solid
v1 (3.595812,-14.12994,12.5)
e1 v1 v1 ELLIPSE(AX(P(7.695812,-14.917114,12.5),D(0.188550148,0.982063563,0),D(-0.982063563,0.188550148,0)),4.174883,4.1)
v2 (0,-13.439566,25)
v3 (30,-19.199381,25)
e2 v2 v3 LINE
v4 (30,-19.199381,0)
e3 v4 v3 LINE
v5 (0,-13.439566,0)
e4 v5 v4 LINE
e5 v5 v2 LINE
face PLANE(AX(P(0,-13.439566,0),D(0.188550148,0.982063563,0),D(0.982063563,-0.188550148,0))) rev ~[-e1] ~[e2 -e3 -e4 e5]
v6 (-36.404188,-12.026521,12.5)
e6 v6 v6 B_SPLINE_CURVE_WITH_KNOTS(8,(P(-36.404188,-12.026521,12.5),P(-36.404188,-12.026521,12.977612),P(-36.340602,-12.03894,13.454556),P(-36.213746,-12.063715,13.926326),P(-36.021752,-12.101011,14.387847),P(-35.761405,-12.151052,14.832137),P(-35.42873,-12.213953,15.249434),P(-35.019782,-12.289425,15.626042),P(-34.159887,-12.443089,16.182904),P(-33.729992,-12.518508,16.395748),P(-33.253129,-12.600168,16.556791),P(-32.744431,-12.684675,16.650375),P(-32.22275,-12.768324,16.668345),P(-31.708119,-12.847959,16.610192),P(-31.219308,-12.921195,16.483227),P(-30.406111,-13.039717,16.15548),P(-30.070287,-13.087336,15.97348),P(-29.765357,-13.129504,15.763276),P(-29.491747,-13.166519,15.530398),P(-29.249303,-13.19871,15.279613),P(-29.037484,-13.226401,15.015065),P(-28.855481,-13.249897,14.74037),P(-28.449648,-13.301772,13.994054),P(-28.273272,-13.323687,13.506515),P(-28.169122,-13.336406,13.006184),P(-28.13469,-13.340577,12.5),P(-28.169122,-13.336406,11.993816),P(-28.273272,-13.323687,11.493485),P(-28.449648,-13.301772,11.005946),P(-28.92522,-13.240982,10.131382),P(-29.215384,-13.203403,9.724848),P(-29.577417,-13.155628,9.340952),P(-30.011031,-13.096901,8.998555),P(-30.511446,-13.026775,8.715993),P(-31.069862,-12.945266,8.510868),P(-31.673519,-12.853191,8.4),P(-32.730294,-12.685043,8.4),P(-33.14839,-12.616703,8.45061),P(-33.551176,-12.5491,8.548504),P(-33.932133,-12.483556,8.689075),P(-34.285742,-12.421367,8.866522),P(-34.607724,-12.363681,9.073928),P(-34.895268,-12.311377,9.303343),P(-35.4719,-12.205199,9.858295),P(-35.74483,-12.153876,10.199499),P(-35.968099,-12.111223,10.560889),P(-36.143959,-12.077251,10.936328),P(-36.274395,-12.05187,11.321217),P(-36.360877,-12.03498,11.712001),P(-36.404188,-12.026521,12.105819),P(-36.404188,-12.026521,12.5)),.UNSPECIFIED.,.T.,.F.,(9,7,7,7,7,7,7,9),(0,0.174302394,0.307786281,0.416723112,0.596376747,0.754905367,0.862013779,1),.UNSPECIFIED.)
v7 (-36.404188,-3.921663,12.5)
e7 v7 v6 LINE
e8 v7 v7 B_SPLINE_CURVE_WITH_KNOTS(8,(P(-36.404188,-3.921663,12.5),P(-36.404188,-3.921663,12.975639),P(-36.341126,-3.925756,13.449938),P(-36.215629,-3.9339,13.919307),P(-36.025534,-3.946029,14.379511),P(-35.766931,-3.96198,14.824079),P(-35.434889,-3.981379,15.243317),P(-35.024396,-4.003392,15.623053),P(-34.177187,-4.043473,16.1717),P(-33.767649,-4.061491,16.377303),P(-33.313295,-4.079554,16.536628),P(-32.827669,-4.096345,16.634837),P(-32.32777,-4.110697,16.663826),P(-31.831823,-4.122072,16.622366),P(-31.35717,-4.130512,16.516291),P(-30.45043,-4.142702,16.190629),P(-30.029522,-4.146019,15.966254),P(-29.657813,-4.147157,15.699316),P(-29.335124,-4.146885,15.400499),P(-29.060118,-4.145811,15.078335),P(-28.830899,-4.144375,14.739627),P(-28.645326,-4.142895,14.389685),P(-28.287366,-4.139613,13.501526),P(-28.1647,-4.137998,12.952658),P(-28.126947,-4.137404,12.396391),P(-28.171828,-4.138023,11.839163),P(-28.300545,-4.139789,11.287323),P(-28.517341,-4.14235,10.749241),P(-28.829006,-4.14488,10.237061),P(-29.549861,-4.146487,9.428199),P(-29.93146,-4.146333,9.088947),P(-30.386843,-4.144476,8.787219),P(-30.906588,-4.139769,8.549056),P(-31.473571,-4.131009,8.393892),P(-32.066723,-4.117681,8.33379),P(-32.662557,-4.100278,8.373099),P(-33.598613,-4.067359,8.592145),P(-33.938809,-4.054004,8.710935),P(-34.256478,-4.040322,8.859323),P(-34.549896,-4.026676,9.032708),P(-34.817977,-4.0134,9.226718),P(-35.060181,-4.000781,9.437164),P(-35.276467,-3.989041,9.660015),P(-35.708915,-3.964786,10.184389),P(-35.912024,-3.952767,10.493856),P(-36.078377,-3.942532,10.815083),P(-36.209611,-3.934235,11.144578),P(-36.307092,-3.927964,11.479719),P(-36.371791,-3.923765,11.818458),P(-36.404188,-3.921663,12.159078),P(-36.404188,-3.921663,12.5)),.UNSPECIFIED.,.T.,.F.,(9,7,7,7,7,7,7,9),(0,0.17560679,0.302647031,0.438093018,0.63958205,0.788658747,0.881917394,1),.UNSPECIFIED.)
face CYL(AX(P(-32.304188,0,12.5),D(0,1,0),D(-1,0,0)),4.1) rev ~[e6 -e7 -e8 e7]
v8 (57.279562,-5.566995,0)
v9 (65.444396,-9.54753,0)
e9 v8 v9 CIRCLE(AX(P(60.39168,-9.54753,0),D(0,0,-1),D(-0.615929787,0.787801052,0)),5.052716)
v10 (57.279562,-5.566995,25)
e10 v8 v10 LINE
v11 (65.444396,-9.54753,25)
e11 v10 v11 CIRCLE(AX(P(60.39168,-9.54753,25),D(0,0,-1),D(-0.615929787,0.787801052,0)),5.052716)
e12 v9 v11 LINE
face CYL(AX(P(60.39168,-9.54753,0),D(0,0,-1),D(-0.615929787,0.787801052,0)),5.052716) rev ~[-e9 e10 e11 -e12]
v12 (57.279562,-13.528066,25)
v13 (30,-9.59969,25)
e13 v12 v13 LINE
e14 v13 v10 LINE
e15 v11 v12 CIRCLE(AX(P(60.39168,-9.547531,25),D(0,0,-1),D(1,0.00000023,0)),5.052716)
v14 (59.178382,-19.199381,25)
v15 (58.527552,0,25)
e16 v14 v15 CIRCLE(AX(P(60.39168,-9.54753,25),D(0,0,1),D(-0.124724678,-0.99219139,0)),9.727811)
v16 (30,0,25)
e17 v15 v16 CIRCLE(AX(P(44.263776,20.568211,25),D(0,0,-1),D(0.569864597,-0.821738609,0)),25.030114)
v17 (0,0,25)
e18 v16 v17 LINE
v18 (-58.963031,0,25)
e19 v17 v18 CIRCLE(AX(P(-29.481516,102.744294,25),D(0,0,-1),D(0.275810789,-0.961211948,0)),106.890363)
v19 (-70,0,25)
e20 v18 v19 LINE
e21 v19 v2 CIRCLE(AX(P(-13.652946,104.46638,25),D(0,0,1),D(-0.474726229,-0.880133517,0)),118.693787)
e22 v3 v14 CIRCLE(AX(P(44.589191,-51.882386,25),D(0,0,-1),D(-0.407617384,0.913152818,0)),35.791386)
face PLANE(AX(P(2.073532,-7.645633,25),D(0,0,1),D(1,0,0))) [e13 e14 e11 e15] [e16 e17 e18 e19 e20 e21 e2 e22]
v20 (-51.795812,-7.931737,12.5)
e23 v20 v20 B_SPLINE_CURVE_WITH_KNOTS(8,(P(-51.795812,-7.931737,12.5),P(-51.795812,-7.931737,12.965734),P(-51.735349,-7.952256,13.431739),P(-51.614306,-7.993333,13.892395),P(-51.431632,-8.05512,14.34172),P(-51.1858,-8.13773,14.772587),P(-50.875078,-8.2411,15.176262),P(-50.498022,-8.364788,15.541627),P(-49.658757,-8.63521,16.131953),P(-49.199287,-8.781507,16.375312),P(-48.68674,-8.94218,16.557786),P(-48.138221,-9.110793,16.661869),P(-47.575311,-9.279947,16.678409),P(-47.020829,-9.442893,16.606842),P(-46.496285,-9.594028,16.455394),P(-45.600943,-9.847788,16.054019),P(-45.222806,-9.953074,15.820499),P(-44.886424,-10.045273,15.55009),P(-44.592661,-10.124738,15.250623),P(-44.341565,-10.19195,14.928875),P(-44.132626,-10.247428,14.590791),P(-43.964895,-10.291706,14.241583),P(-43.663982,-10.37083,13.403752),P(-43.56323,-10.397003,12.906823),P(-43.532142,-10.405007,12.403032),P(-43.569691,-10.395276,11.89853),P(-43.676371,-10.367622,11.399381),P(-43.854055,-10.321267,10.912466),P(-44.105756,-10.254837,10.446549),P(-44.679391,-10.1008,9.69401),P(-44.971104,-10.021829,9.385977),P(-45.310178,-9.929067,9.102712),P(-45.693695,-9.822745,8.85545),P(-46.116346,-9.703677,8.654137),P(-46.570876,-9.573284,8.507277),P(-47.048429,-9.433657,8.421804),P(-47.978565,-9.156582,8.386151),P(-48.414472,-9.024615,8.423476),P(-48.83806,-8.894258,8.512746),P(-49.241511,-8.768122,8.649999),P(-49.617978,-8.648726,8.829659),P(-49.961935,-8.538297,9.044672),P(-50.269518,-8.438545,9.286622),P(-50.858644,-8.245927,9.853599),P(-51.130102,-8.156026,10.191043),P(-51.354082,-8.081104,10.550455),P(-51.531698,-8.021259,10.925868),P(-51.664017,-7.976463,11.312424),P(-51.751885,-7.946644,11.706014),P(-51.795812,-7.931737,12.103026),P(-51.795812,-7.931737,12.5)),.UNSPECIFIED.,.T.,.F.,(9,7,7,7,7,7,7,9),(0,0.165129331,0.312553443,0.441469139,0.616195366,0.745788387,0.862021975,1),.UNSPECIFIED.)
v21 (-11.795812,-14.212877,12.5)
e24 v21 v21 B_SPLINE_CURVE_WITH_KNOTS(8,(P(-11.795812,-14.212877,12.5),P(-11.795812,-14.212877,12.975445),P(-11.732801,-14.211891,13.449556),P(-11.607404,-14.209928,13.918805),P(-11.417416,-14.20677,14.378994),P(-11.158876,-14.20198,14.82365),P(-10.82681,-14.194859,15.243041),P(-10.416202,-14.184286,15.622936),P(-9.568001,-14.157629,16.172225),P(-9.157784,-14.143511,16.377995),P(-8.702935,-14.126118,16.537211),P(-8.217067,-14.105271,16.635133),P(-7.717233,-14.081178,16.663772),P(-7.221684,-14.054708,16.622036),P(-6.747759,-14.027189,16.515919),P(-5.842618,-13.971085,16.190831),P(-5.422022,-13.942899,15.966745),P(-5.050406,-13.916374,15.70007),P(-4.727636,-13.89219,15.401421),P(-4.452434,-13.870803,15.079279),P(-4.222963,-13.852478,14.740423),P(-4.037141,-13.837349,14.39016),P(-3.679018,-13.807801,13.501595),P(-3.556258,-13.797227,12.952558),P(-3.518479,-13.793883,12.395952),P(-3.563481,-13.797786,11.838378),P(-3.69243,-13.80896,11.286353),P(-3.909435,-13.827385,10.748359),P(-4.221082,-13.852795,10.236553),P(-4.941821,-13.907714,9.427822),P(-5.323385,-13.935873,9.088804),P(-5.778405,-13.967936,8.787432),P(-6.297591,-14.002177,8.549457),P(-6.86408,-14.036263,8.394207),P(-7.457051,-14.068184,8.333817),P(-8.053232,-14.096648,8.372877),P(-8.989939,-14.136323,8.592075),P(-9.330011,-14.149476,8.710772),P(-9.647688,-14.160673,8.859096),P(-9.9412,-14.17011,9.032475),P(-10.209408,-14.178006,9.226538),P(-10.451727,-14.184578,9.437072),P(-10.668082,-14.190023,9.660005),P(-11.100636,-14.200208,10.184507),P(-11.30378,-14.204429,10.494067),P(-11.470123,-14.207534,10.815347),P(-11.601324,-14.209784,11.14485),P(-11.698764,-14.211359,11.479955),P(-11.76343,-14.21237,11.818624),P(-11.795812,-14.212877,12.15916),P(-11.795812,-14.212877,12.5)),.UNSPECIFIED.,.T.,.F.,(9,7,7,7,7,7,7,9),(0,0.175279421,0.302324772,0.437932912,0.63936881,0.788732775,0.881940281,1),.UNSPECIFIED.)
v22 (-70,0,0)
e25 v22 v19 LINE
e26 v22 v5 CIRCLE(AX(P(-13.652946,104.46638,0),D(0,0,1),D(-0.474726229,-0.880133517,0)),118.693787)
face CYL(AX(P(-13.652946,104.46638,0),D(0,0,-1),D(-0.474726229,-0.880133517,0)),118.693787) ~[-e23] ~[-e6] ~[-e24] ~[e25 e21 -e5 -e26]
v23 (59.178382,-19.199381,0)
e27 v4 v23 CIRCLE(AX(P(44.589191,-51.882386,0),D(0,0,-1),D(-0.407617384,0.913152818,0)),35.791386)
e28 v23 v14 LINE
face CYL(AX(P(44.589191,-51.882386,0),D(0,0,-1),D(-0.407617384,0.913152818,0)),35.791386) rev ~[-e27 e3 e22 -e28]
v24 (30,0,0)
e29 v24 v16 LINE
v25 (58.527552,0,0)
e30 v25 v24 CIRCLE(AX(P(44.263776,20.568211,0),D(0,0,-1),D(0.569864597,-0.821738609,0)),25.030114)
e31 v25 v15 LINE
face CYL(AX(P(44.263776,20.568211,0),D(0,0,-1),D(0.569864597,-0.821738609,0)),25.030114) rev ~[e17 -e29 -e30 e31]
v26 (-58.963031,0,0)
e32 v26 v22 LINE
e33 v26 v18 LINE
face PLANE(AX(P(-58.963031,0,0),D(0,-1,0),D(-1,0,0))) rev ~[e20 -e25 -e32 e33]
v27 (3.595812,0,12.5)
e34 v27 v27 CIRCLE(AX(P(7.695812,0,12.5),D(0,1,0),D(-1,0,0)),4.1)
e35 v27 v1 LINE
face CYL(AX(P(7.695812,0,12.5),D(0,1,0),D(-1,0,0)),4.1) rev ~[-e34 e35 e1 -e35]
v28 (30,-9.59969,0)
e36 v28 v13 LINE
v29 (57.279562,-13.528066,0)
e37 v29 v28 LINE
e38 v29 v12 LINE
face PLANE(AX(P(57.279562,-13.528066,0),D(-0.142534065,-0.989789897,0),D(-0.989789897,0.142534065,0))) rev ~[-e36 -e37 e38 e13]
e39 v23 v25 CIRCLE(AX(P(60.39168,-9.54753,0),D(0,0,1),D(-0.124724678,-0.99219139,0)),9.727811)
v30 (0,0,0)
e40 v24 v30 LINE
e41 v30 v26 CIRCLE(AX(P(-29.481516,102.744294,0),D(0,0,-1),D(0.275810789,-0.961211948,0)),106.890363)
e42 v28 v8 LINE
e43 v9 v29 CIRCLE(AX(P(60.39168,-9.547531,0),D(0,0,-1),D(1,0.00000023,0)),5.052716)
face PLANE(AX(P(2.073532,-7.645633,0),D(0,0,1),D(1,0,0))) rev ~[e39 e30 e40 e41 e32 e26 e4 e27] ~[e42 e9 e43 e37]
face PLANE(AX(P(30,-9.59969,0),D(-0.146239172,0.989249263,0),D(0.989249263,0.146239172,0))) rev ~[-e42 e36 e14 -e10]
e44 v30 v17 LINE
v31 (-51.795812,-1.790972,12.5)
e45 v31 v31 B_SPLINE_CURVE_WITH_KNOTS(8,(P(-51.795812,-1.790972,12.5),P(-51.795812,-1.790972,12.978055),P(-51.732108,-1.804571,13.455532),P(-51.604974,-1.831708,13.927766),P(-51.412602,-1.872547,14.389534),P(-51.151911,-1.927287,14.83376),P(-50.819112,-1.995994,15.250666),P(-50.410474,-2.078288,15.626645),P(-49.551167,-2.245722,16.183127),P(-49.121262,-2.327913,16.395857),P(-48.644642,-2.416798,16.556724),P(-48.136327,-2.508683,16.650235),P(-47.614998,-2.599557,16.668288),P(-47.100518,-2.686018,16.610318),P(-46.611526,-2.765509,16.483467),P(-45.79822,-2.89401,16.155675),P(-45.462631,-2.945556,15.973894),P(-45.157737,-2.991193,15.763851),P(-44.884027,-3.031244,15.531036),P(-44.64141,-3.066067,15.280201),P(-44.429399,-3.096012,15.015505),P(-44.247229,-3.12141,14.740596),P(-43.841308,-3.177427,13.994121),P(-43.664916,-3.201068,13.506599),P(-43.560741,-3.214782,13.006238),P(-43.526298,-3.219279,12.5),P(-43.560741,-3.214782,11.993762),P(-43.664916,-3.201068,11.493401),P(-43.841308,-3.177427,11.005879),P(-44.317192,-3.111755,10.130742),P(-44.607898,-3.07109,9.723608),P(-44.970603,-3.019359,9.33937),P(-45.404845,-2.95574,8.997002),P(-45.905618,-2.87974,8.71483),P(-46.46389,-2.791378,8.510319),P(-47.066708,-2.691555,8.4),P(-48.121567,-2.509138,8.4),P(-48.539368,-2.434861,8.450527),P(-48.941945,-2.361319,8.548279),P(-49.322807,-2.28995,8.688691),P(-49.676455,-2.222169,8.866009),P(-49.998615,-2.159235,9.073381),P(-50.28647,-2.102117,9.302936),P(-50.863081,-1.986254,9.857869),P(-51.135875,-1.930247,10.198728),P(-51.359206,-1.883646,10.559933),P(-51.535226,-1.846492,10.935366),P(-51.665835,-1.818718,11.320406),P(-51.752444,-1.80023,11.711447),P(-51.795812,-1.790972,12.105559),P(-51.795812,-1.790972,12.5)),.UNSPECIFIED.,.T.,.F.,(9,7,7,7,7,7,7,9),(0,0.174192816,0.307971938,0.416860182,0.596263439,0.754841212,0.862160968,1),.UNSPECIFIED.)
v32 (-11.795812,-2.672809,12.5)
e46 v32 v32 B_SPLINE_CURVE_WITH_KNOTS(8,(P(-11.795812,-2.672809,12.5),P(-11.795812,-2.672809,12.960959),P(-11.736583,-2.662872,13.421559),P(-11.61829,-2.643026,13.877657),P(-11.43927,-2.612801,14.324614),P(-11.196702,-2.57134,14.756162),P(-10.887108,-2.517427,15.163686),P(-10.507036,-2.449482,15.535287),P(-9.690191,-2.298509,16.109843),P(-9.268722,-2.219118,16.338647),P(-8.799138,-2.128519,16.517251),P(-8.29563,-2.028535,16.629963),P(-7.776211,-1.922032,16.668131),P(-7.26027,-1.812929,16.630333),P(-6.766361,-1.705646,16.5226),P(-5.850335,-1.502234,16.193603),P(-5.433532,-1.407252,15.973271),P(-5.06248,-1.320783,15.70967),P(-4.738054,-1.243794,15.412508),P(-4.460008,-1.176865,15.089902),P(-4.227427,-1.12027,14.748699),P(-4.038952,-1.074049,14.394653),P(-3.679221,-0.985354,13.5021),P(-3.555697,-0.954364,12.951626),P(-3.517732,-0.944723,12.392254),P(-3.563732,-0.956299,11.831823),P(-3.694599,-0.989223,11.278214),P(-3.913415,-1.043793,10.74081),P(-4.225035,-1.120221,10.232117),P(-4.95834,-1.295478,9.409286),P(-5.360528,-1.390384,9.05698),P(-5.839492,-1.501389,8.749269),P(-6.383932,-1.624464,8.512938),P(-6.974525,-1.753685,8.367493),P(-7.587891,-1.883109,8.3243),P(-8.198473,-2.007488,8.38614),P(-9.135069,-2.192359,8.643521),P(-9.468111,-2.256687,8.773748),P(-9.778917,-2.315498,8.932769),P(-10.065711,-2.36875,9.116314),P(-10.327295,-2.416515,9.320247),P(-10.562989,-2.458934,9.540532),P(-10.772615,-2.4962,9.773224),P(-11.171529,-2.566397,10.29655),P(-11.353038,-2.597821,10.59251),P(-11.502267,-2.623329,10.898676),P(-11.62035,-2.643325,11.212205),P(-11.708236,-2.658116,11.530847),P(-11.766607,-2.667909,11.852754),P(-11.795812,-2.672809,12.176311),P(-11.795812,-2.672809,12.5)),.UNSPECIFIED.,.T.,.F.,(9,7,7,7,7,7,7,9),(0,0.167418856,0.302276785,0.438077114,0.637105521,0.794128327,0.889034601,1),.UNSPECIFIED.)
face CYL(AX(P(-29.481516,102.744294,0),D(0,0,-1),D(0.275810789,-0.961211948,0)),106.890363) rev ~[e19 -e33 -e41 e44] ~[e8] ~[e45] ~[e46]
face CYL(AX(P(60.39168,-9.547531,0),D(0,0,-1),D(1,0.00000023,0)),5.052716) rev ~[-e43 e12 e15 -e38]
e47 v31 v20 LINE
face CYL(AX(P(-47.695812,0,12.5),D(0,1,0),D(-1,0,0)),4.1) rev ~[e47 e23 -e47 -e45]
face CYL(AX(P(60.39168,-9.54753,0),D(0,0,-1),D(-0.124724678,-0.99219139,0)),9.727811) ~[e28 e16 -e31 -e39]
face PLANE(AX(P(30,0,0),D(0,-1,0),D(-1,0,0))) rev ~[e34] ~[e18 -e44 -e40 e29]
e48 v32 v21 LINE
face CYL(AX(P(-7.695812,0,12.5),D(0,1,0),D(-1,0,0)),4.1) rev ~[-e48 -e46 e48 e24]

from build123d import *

# Parameters (mm, degrees)
F1_DEPTH = 25
F2_R     = 4.1
F3_DEPTH = 25


with BuildPart() as f1:
    # F0 (on Top) → F1 (new body)
    with BuildSketch(Plane.XY):
        with BuildLine():
            ThreePointArc((-70, 0), (-36.032673, -12.098464), (0, -13.439566))
            Line((0, -13.439566), (30, -19.199381))
            ThreePointArc((30, -19.199381), (44.589191, -16.091), (59.178382, -19.199381))
            ThreePointArc((59.178382, -19.199381), (70.113907, -9.217961), (58.527552, 0))
            ThreePointArc((58.527552, 0), (44.263776, -4.461903), (30, 0))
            Line((30, 0), (0, 0))
            ThreePointArc((0, 0), (-29.481515, -4.146069), (-58.963031, 0))
            Line((-58.963031, 0), (-70, 0))
        make_face()
        with BuildLine():
            ThreePointArc((57.279562, -5.566995), (62.605872, -5.005802), (65.444396, -9.54753))
            ThreePointArc((65.444396, -9.54753), (62.605872, -14.089259), (57.279562, -13.528066))
            Line((57.279562, -13.528066), (30, -9.59969))
            Line((30, -9.59969), (57.279562, -5.566995))
        make_face(mode=Mode.SUBTRACT)
    extrude(amount=F1_DEPTH)

    # F2 (on face) → F3 (cut)
    with BuildSketch(Plane(origin=(0, 0, 0), x_dir=(-1, 0, 0), z_dir=(0, 1, 0))):
        with Locations((-7.695812, 12.5)):
            Circle(F2_R)
        with Locations((7.695812, 12.5)):
            Circle(F2_R)
        with Locations((32.304188, 12.5)):
            Circle(F2_R)
        with Locations((47.695812, 12.5)):
            Circle(F2_R)
    extrude(amount=-F3_DEPTH, mode=Mode.SUBTRACT)


solid = f1.part
